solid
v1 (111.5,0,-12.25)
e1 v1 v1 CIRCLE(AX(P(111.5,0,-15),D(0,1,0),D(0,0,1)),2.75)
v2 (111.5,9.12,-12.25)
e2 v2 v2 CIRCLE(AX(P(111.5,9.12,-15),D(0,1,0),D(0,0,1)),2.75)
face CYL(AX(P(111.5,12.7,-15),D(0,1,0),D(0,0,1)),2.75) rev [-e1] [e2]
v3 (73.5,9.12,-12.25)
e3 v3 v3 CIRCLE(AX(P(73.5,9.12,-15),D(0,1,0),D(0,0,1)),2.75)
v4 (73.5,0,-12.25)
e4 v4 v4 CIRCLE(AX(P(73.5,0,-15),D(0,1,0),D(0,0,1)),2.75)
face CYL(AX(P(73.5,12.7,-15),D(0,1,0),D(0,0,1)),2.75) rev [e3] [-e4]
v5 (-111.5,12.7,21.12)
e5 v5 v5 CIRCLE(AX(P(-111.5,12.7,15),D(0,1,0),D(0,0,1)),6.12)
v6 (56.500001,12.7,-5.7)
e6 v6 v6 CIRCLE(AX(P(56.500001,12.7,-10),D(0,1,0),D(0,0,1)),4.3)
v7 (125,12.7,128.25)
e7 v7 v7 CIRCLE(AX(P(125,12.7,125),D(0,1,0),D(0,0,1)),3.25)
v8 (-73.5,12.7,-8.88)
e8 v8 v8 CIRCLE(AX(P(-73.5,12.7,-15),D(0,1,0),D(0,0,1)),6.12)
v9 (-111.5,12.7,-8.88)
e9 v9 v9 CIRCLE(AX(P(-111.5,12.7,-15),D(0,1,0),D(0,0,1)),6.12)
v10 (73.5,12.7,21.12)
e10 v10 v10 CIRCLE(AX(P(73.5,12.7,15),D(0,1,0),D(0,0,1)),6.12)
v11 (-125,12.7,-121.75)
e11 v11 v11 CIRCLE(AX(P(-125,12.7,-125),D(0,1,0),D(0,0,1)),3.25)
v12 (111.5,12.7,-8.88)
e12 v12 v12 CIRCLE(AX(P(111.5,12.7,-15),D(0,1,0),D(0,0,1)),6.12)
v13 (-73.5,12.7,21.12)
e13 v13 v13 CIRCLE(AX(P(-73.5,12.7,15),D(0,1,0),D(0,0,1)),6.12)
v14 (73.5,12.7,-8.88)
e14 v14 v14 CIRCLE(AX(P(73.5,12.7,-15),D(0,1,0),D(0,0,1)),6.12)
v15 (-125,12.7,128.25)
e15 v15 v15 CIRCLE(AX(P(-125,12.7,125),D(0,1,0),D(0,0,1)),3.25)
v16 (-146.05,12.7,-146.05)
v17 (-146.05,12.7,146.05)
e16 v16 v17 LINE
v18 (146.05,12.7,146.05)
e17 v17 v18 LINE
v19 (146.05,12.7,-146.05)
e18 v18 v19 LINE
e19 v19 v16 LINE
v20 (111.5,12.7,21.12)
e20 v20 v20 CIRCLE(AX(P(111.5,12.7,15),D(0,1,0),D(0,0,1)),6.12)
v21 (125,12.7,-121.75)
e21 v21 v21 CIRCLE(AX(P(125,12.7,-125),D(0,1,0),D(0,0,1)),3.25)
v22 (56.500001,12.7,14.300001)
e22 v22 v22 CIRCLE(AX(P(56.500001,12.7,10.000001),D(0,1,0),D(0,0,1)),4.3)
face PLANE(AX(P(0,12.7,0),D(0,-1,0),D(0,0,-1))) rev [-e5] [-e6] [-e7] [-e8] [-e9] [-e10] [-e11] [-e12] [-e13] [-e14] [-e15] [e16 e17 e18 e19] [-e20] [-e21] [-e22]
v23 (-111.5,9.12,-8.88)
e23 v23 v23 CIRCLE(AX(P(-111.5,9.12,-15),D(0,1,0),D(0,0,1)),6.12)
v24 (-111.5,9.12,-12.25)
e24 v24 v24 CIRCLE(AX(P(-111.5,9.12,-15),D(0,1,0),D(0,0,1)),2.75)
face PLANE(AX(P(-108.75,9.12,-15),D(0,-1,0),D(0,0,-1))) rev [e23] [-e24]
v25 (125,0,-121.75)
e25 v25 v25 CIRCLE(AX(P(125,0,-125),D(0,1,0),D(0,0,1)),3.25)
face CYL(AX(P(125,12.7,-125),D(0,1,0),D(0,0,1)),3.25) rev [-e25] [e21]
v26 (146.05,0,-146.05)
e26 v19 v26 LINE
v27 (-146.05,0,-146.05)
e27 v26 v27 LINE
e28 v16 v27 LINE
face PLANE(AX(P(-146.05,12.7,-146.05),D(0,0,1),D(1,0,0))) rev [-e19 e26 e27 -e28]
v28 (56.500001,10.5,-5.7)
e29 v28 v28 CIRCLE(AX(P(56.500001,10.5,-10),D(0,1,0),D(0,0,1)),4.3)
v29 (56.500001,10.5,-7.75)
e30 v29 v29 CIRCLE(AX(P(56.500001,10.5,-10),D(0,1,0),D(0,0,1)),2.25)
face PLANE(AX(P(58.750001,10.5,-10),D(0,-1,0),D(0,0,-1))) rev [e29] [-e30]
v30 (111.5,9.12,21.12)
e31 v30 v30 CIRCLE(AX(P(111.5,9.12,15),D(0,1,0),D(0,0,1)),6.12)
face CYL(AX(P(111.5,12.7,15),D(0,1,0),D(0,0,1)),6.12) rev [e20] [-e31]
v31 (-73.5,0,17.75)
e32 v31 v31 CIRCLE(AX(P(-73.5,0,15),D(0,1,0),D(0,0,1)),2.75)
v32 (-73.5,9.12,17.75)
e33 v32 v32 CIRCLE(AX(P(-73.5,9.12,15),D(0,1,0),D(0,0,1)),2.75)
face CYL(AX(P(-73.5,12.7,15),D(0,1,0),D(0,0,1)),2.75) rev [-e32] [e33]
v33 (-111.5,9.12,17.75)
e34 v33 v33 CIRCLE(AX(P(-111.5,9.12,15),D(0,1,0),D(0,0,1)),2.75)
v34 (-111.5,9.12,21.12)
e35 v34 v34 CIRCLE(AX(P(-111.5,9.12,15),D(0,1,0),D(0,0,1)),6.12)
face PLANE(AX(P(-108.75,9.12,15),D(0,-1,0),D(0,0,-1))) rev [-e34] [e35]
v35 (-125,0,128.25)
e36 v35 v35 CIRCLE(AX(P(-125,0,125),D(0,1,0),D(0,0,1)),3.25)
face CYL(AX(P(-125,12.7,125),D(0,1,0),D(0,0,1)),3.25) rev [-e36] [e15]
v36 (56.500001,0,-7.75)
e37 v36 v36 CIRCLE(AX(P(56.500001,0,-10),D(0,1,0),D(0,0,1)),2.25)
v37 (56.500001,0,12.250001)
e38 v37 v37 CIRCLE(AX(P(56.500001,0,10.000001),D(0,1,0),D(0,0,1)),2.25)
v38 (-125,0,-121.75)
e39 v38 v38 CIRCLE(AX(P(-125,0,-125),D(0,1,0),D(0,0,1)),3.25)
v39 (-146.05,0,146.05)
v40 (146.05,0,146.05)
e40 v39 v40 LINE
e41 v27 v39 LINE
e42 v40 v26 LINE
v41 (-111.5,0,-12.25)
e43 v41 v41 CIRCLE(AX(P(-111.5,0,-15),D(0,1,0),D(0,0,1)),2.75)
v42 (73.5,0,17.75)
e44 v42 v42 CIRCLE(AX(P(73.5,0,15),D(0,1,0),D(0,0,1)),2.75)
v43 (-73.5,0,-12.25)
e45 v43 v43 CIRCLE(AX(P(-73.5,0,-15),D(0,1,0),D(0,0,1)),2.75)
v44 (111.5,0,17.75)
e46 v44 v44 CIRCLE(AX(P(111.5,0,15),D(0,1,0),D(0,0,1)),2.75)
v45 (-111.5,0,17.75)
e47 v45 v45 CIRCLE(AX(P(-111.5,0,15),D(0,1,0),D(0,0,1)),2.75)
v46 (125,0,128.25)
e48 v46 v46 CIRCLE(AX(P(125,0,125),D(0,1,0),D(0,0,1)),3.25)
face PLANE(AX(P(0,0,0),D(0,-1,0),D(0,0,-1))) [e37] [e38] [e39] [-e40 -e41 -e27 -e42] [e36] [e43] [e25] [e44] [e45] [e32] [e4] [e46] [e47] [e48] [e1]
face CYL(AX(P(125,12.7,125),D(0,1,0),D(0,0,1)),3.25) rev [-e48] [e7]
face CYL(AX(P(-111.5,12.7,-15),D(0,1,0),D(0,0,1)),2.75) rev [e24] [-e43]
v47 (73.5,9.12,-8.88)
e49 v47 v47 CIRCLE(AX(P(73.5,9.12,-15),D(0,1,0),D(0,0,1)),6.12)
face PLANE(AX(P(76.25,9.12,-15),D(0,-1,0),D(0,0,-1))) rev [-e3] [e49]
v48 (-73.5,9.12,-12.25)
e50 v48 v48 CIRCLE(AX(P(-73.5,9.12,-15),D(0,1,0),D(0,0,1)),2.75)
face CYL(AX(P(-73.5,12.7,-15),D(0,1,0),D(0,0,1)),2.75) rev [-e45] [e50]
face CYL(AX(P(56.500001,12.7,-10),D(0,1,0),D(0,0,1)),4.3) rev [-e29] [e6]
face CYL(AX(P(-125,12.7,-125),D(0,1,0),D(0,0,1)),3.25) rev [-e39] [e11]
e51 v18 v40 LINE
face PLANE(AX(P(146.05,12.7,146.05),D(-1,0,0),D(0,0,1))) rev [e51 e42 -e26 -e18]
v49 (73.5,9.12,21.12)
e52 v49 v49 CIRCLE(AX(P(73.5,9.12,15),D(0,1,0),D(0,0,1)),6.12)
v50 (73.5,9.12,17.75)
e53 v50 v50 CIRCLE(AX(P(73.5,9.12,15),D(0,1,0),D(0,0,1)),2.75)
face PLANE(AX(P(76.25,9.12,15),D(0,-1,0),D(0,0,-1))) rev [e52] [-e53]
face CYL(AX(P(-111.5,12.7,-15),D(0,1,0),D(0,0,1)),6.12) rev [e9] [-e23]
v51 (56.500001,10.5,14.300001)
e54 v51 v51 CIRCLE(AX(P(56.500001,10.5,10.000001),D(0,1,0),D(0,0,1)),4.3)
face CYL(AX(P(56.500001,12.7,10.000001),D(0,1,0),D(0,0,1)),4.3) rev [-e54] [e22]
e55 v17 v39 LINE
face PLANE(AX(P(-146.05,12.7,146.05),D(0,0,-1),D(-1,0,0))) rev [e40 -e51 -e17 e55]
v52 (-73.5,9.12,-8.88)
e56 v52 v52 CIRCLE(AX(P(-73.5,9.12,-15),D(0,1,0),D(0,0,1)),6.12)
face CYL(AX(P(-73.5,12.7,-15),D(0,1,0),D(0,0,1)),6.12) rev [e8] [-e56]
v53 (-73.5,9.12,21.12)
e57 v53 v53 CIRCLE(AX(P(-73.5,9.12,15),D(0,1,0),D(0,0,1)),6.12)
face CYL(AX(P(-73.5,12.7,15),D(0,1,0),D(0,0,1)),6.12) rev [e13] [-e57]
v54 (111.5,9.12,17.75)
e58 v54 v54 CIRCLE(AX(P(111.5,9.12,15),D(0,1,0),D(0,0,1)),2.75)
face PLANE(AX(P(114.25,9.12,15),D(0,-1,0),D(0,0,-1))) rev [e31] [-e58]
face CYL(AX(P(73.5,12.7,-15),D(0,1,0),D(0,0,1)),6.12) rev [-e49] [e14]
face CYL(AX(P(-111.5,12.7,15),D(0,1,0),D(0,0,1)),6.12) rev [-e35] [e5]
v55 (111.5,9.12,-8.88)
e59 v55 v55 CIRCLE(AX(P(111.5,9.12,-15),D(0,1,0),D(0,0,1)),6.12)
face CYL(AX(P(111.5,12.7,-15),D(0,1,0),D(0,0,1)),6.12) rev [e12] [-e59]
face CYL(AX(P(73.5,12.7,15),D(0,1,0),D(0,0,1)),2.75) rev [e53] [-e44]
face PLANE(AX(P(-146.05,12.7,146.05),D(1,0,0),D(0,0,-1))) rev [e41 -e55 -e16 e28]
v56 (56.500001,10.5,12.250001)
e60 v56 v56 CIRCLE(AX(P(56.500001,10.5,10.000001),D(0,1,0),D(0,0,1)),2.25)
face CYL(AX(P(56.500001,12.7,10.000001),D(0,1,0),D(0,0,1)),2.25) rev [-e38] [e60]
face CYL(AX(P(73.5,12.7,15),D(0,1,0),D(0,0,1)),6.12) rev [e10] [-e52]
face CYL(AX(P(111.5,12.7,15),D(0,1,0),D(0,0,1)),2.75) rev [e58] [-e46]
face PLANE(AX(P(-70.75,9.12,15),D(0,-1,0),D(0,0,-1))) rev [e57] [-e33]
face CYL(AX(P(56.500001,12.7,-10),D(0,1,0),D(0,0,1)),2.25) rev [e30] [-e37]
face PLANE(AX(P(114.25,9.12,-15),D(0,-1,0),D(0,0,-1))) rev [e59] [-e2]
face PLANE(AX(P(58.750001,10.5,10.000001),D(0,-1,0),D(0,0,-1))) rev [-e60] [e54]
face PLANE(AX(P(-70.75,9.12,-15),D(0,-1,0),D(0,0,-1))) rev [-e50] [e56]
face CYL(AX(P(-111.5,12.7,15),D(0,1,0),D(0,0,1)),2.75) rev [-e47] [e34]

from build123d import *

# Parameters (mm, degrees)
SKETCH2_W                               = 292.1
SKETCH2_H                               = 292.1
BOSS_EXTRUDE1_DEPTH                     = 12.7
F_6_5_6_5_DIAMETER_HOLE1_D              = 6.5
CBORE_FOR_M5_HEX_HEAD_BOLT1_D           = 5.5
CBORE_FOR_M5_HEX_HEAD_BOLT1_CBORE_D     = 12.24
CBORE_FOR_M5_HEX_HEAD_BOLT1_CBORE_DEPTH = 3.58
CBORE_FOR_M4_SBHCS1_D                   = 4.5
CBORE_FOR_M4_SBHCS1_CBORE_D             = 8.6
CBORE_FOR_M4_SBHCS1_CBORE_DEPTH         = 2.2


with BuildPart() as part:
    # Sketch2 → Boss-Extrude1 (new body)
    with BuildSketch(Plane(origin=(0, 0, 0), x_dir=(1, 0, 0), z_dir=(0, 1, 0))):
        Rectangle(SKETCH2_W, SKETCH2_H)
    extrude(amount=BOSS_EXTRUDE1_DEPTH)

    # Ø6.5 (6.5) Diameter Hole1 (through all)
    with Locations(Plane(origin=(0, 12.7, 0), x_dir=(1, 0, 0), z_dir=(0, 1, 0))):
        with Locations((-125, 125), (125, 125), (125, -125), (-125, -125)):
            Hole(F_6_5_6_5_DIAMETER_HOLE1_D / 2)

    # CBORE for M5 Hex Head Bolt1 (through all)
    with Locations(Plane(origin=(0, 12.7, 0), x_dir=(1, 0, 0), z_dir=(0, 1, 0))):
        with Locations((-73.5, -15), (-111.5, 15), (-111.5, -15), (-73.5, 15)):
            cbore_for_m5_hex_head_bolt1 = CounterBoreHole(CBORE_FOR_M5_HEX_HEAD_BOLT1_D / 2, CBORE_FOR_M5_HEX_HEAD_BOLT1_CBORE_D / 2, CBORE_FOR_M5_HEX_HEAD_BOLT1_CBORE_DEPTH)

    # Mirror1: CBORE for M5 Hex Head Bolt1 across plane
    add(cbore_for_m5_hex_head_bolt1.mirror(Plane(origin=(0, 0, 0), x_dir=(0, 0, 1), z_dir=(1, 0, 0))), mode=Mode.SUBTRACT)

    # CBORE for M4 SBHCS1 (through all)
    with Locations(Plane(origin=(0, 12.7, 0), x_dir=(1, 0, 0), z_dir=(0, 1, 0))):
        with Locations((56.500001429, 10), (56.500001429, -10.0000005)):
            CounterBoreHole(CBORE_FOR_M4_SBHCS1_D / 2, CBORE_FOR_M4_SBHCS1_CBORE_D / 2, CBORE_FOR_M4_SBHCS1_CBORE_DEPTH)


solid = part.part
